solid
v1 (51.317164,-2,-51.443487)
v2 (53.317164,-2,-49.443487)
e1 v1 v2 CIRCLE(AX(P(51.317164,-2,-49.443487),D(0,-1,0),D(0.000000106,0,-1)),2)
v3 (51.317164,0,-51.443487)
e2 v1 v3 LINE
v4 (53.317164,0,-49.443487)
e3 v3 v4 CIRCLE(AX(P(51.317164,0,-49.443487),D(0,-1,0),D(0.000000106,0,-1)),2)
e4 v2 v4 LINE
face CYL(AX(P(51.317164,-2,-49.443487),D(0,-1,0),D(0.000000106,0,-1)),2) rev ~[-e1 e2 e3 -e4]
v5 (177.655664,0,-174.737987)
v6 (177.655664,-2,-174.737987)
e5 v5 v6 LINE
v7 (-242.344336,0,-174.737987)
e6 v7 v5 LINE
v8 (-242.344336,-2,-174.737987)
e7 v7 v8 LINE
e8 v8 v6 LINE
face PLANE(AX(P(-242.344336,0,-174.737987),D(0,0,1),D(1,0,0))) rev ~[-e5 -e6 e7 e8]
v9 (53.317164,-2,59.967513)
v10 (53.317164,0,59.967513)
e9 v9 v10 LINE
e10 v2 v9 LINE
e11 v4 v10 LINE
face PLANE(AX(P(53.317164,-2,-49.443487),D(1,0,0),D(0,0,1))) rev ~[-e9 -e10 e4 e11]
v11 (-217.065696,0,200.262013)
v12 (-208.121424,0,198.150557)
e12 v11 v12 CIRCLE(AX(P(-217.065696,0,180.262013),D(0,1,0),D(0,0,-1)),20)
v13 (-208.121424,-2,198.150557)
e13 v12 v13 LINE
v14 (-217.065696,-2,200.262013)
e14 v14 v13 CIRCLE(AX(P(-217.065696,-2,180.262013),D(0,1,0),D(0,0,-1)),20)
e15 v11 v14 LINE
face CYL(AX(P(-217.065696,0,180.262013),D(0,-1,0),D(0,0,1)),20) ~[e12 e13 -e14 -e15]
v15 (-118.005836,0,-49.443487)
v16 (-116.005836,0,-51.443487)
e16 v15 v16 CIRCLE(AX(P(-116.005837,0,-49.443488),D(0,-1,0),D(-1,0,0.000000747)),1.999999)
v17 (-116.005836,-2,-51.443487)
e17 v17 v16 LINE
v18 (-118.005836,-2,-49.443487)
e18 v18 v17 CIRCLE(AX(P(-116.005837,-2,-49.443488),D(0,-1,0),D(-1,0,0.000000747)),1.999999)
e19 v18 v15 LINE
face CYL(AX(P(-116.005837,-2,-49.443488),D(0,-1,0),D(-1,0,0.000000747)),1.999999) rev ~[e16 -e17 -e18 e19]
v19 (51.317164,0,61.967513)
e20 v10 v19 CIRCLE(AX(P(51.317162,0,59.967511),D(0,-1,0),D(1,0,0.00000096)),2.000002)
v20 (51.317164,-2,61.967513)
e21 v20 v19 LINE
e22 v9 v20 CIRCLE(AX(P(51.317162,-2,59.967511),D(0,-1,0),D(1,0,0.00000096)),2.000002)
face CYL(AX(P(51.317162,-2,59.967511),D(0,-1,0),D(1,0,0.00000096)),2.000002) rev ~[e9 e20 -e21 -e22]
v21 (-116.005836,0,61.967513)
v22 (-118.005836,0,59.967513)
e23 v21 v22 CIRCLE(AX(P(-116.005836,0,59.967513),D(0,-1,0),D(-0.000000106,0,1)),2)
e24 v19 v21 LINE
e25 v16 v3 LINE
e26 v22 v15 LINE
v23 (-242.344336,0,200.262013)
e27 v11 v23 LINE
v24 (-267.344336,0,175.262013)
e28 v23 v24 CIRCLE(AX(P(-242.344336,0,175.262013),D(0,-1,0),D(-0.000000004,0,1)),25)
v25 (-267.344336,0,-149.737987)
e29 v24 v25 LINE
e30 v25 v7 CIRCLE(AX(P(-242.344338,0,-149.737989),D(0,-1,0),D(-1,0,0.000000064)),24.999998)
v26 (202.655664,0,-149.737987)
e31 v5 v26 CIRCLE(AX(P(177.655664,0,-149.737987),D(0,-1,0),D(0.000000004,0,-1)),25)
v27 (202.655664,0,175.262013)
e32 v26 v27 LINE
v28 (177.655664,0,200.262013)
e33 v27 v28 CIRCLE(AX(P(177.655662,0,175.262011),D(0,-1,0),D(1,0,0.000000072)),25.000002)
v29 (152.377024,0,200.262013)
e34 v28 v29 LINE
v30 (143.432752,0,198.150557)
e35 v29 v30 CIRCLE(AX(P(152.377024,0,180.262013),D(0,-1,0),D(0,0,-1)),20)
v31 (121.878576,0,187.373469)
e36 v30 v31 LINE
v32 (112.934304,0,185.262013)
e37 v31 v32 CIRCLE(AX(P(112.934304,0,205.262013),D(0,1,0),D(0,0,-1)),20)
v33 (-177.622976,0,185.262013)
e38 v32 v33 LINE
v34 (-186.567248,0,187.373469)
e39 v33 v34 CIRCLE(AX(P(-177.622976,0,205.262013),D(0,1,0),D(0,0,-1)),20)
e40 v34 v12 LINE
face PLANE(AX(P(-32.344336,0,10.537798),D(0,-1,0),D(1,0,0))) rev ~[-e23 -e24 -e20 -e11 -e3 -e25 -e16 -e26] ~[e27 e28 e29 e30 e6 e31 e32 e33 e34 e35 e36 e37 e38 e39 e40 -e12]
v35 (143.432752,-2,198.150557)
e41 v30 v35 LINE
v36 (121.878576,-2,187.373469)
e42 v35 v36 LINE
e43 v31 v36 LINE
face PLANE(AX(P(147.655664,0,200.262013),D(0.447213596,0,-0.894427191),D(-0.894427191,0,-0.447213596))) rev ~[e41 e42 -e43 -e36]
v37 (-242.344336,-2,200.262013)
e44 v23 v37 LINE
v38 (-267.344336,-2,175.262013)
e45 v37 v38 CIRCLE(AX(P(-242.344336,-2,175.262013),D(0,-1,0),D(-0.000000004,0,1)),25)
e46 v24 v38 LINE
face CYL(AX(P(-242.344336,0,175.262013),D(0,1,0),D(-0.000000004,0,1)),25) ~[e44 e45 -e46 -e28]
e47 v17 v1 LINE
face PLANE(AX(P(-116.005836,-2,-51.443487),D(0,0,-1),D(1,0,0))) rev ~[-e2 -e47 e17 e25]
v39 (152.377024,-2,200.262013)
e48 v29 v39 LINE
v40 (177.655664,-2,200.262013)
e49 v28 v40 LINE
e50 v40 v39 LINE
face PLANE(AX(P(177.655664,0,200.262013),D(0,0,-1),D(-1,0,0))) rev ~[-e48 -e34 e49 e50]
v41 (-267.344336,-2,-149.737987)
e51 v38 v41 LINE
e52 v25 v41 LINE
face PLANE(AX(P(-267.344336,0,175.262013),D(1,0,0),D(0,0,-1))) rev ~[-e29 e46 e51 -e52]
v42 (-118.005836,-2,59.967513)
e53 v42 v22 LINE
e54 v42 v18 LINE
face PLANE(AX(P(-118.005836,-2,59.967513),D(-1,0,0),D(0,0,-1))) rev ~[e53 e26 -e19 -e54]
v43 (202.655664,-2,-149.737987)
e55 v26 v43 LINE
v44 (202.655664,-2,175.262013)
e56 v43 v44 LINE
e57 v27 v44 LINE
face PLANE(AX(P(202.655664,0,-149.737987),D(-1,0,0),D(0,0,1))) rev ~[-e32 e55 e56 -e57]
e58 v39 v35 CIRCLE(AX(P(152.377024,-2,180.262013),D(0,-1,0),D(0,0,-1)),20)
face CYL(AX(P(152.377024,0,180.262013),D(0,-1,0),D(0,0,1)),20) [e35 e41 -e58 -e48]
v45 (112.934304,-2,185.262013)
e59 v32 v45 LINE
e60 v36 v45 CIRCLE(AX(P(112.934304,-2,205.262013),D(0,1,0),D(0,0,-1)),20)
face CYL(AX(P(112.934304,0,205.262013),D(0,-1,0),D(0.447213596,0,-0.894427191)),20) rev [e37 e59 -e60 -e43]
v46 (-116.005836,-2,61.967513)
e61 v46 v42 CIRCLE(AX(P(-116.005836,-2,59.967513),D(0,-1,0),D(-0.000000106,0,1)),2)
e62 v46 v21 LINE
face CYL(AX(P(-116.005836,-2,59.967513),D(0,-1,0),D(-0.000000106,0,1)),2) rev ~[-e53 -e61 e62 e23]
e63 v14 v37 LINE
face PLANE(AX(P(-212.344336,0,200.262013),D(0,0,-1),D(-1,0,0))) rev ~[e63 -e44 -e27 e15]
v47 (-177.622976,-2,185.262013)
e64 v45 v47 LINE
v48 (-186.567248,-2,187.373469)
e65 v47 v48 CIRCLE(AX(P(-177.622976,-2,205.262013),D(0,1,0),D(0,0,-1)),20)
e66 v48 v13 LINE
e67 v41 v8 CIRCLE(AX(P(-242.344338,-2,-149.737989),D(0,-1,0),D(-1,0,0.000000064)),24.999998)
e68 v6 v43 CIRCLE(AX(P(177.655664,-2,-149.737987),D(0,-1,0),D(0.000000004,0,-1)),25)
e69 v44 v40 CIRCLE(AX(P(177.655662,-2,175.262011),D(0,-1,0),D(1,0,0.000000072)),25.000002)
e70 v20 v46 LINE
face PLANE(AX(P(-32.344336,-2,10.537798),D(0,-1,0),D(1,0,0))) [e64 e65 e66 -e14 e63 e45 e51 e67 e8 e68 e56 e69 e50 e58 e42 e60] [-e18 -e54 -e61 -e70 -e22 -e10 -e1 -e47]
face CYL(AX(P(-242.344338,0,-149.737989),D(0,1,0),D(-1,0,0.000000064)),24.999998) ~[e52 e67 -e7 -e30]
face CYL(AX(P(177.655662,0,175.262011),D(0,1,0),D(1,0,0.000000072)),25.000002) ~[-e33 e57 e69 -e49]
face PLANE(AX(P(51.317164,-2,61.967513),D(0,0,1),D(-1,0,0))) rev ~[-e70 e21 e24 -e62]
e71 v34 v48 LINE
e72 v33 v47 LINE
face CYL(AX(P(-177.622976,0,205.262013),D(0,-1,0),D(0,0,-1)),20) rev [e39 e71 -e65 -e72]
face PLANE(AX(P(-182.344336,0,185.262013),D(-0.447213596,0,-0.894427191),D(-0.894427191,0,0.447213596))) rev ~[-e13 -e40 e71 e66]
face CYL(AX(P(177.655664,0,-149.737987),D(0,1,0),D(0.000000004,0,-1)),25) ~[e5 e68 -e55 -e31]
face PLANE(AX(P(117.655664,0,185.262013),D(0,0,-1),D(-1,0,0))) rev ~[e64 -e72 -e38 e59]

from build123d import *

# Parameters (mm, degrees)
F1_DEPTH = 2
F3_DEPTH = 25.4
F4_R     = 20


with BuildPart() as f1:
    # F0 (on Front) → F1 (new body)
    with BuildSketch(Plane.XZ):
        with BuildLine():
            ThreePointArc((177.655664, -174.737987), (195.333333, -167.415657), (202.655664, -149.737987))
            Line((202.655664, -149.737987), (202.655664, 175.262013))
            ThreePointArc((202.655664, 175.262013), (195.333333, 192.939682), (177.655664, 200.262013))
            Line((177.655664, 200.262013), (147.655664, 200.262013))
            Line((147.655664, 200.262013), (117.655664, 185.262013))
            Line((117.655664, 185.262013), (-32.344336, 185.262013))
            Line((-32.344336, 185.262013), (-182.344336, 185.262013))
            Line((-182.344336, 185.262013), (-212.344336, 200.262013))
            Line((-212.344336, 200.262013), (-242.344336, 200.262013))
            ThreePointArc((-242.344336, 200.262013), (-260.022006, 192.939682), (-267.344336, 175.262013))
            Line((-267.344336, 175.262013), (-267.344336, -149.737987))
            ThreePointArc((-267.344336, -149.737987), (-260.022006, -167.415657), (-242.344336, -174.737987))
            Line((-242.344336, -174.737987), (177.655664, -174.737987))
        make_face()
    extrude(amount=F1_DEPTH)

    # F2 (on face) → F3 (cut)
    with BuildSketch(Plane.XZ.offset(2)):
        with BuildLine():
            Line((-116.005836, -51.443487), (51.317164, -51.443487))
            ThreePointArc((51.317164, -51.443487), (52.731377, -50.857701), (53.317164, -49.443487))
            Line((53.317164, -49.443487), (53.317164, 59.967513))
            ThreePointArc((53.317164, 59.967513), (52.731377, 61.381726), (51.317164, 61.967513))
            Line((51.317164, 61.967513), (-116.005836, 61.967513))
            ThreePointArc((-116.005836, 61.967513), (-117.42005, 61.381726), (-118.005836, 59.967513))
            Line((-118.005836, 59.967513), (-118.005836, -49.443487))
            ThreePointArc((-118.005836, -49.443487), (-117.42005, -50.857701), (-116.005836, -51.443487))
        make_face()
    extrude(amount=-F3_DEPTH, mode=Mode.SUBTRACT)

    # F4
    f4_edges = [f1.edges().sort_by_distance(p)[0] for p in [
        (147.655664, -1, 200.262013),
        (117.655664, -1, 185.262013),
        (-212.344336, -1, 200.262013),
        (-182.344336, -1, 185.262013),
    ]]
    fillet(f4_edges, radius=F4_R)


solid = f1.part
